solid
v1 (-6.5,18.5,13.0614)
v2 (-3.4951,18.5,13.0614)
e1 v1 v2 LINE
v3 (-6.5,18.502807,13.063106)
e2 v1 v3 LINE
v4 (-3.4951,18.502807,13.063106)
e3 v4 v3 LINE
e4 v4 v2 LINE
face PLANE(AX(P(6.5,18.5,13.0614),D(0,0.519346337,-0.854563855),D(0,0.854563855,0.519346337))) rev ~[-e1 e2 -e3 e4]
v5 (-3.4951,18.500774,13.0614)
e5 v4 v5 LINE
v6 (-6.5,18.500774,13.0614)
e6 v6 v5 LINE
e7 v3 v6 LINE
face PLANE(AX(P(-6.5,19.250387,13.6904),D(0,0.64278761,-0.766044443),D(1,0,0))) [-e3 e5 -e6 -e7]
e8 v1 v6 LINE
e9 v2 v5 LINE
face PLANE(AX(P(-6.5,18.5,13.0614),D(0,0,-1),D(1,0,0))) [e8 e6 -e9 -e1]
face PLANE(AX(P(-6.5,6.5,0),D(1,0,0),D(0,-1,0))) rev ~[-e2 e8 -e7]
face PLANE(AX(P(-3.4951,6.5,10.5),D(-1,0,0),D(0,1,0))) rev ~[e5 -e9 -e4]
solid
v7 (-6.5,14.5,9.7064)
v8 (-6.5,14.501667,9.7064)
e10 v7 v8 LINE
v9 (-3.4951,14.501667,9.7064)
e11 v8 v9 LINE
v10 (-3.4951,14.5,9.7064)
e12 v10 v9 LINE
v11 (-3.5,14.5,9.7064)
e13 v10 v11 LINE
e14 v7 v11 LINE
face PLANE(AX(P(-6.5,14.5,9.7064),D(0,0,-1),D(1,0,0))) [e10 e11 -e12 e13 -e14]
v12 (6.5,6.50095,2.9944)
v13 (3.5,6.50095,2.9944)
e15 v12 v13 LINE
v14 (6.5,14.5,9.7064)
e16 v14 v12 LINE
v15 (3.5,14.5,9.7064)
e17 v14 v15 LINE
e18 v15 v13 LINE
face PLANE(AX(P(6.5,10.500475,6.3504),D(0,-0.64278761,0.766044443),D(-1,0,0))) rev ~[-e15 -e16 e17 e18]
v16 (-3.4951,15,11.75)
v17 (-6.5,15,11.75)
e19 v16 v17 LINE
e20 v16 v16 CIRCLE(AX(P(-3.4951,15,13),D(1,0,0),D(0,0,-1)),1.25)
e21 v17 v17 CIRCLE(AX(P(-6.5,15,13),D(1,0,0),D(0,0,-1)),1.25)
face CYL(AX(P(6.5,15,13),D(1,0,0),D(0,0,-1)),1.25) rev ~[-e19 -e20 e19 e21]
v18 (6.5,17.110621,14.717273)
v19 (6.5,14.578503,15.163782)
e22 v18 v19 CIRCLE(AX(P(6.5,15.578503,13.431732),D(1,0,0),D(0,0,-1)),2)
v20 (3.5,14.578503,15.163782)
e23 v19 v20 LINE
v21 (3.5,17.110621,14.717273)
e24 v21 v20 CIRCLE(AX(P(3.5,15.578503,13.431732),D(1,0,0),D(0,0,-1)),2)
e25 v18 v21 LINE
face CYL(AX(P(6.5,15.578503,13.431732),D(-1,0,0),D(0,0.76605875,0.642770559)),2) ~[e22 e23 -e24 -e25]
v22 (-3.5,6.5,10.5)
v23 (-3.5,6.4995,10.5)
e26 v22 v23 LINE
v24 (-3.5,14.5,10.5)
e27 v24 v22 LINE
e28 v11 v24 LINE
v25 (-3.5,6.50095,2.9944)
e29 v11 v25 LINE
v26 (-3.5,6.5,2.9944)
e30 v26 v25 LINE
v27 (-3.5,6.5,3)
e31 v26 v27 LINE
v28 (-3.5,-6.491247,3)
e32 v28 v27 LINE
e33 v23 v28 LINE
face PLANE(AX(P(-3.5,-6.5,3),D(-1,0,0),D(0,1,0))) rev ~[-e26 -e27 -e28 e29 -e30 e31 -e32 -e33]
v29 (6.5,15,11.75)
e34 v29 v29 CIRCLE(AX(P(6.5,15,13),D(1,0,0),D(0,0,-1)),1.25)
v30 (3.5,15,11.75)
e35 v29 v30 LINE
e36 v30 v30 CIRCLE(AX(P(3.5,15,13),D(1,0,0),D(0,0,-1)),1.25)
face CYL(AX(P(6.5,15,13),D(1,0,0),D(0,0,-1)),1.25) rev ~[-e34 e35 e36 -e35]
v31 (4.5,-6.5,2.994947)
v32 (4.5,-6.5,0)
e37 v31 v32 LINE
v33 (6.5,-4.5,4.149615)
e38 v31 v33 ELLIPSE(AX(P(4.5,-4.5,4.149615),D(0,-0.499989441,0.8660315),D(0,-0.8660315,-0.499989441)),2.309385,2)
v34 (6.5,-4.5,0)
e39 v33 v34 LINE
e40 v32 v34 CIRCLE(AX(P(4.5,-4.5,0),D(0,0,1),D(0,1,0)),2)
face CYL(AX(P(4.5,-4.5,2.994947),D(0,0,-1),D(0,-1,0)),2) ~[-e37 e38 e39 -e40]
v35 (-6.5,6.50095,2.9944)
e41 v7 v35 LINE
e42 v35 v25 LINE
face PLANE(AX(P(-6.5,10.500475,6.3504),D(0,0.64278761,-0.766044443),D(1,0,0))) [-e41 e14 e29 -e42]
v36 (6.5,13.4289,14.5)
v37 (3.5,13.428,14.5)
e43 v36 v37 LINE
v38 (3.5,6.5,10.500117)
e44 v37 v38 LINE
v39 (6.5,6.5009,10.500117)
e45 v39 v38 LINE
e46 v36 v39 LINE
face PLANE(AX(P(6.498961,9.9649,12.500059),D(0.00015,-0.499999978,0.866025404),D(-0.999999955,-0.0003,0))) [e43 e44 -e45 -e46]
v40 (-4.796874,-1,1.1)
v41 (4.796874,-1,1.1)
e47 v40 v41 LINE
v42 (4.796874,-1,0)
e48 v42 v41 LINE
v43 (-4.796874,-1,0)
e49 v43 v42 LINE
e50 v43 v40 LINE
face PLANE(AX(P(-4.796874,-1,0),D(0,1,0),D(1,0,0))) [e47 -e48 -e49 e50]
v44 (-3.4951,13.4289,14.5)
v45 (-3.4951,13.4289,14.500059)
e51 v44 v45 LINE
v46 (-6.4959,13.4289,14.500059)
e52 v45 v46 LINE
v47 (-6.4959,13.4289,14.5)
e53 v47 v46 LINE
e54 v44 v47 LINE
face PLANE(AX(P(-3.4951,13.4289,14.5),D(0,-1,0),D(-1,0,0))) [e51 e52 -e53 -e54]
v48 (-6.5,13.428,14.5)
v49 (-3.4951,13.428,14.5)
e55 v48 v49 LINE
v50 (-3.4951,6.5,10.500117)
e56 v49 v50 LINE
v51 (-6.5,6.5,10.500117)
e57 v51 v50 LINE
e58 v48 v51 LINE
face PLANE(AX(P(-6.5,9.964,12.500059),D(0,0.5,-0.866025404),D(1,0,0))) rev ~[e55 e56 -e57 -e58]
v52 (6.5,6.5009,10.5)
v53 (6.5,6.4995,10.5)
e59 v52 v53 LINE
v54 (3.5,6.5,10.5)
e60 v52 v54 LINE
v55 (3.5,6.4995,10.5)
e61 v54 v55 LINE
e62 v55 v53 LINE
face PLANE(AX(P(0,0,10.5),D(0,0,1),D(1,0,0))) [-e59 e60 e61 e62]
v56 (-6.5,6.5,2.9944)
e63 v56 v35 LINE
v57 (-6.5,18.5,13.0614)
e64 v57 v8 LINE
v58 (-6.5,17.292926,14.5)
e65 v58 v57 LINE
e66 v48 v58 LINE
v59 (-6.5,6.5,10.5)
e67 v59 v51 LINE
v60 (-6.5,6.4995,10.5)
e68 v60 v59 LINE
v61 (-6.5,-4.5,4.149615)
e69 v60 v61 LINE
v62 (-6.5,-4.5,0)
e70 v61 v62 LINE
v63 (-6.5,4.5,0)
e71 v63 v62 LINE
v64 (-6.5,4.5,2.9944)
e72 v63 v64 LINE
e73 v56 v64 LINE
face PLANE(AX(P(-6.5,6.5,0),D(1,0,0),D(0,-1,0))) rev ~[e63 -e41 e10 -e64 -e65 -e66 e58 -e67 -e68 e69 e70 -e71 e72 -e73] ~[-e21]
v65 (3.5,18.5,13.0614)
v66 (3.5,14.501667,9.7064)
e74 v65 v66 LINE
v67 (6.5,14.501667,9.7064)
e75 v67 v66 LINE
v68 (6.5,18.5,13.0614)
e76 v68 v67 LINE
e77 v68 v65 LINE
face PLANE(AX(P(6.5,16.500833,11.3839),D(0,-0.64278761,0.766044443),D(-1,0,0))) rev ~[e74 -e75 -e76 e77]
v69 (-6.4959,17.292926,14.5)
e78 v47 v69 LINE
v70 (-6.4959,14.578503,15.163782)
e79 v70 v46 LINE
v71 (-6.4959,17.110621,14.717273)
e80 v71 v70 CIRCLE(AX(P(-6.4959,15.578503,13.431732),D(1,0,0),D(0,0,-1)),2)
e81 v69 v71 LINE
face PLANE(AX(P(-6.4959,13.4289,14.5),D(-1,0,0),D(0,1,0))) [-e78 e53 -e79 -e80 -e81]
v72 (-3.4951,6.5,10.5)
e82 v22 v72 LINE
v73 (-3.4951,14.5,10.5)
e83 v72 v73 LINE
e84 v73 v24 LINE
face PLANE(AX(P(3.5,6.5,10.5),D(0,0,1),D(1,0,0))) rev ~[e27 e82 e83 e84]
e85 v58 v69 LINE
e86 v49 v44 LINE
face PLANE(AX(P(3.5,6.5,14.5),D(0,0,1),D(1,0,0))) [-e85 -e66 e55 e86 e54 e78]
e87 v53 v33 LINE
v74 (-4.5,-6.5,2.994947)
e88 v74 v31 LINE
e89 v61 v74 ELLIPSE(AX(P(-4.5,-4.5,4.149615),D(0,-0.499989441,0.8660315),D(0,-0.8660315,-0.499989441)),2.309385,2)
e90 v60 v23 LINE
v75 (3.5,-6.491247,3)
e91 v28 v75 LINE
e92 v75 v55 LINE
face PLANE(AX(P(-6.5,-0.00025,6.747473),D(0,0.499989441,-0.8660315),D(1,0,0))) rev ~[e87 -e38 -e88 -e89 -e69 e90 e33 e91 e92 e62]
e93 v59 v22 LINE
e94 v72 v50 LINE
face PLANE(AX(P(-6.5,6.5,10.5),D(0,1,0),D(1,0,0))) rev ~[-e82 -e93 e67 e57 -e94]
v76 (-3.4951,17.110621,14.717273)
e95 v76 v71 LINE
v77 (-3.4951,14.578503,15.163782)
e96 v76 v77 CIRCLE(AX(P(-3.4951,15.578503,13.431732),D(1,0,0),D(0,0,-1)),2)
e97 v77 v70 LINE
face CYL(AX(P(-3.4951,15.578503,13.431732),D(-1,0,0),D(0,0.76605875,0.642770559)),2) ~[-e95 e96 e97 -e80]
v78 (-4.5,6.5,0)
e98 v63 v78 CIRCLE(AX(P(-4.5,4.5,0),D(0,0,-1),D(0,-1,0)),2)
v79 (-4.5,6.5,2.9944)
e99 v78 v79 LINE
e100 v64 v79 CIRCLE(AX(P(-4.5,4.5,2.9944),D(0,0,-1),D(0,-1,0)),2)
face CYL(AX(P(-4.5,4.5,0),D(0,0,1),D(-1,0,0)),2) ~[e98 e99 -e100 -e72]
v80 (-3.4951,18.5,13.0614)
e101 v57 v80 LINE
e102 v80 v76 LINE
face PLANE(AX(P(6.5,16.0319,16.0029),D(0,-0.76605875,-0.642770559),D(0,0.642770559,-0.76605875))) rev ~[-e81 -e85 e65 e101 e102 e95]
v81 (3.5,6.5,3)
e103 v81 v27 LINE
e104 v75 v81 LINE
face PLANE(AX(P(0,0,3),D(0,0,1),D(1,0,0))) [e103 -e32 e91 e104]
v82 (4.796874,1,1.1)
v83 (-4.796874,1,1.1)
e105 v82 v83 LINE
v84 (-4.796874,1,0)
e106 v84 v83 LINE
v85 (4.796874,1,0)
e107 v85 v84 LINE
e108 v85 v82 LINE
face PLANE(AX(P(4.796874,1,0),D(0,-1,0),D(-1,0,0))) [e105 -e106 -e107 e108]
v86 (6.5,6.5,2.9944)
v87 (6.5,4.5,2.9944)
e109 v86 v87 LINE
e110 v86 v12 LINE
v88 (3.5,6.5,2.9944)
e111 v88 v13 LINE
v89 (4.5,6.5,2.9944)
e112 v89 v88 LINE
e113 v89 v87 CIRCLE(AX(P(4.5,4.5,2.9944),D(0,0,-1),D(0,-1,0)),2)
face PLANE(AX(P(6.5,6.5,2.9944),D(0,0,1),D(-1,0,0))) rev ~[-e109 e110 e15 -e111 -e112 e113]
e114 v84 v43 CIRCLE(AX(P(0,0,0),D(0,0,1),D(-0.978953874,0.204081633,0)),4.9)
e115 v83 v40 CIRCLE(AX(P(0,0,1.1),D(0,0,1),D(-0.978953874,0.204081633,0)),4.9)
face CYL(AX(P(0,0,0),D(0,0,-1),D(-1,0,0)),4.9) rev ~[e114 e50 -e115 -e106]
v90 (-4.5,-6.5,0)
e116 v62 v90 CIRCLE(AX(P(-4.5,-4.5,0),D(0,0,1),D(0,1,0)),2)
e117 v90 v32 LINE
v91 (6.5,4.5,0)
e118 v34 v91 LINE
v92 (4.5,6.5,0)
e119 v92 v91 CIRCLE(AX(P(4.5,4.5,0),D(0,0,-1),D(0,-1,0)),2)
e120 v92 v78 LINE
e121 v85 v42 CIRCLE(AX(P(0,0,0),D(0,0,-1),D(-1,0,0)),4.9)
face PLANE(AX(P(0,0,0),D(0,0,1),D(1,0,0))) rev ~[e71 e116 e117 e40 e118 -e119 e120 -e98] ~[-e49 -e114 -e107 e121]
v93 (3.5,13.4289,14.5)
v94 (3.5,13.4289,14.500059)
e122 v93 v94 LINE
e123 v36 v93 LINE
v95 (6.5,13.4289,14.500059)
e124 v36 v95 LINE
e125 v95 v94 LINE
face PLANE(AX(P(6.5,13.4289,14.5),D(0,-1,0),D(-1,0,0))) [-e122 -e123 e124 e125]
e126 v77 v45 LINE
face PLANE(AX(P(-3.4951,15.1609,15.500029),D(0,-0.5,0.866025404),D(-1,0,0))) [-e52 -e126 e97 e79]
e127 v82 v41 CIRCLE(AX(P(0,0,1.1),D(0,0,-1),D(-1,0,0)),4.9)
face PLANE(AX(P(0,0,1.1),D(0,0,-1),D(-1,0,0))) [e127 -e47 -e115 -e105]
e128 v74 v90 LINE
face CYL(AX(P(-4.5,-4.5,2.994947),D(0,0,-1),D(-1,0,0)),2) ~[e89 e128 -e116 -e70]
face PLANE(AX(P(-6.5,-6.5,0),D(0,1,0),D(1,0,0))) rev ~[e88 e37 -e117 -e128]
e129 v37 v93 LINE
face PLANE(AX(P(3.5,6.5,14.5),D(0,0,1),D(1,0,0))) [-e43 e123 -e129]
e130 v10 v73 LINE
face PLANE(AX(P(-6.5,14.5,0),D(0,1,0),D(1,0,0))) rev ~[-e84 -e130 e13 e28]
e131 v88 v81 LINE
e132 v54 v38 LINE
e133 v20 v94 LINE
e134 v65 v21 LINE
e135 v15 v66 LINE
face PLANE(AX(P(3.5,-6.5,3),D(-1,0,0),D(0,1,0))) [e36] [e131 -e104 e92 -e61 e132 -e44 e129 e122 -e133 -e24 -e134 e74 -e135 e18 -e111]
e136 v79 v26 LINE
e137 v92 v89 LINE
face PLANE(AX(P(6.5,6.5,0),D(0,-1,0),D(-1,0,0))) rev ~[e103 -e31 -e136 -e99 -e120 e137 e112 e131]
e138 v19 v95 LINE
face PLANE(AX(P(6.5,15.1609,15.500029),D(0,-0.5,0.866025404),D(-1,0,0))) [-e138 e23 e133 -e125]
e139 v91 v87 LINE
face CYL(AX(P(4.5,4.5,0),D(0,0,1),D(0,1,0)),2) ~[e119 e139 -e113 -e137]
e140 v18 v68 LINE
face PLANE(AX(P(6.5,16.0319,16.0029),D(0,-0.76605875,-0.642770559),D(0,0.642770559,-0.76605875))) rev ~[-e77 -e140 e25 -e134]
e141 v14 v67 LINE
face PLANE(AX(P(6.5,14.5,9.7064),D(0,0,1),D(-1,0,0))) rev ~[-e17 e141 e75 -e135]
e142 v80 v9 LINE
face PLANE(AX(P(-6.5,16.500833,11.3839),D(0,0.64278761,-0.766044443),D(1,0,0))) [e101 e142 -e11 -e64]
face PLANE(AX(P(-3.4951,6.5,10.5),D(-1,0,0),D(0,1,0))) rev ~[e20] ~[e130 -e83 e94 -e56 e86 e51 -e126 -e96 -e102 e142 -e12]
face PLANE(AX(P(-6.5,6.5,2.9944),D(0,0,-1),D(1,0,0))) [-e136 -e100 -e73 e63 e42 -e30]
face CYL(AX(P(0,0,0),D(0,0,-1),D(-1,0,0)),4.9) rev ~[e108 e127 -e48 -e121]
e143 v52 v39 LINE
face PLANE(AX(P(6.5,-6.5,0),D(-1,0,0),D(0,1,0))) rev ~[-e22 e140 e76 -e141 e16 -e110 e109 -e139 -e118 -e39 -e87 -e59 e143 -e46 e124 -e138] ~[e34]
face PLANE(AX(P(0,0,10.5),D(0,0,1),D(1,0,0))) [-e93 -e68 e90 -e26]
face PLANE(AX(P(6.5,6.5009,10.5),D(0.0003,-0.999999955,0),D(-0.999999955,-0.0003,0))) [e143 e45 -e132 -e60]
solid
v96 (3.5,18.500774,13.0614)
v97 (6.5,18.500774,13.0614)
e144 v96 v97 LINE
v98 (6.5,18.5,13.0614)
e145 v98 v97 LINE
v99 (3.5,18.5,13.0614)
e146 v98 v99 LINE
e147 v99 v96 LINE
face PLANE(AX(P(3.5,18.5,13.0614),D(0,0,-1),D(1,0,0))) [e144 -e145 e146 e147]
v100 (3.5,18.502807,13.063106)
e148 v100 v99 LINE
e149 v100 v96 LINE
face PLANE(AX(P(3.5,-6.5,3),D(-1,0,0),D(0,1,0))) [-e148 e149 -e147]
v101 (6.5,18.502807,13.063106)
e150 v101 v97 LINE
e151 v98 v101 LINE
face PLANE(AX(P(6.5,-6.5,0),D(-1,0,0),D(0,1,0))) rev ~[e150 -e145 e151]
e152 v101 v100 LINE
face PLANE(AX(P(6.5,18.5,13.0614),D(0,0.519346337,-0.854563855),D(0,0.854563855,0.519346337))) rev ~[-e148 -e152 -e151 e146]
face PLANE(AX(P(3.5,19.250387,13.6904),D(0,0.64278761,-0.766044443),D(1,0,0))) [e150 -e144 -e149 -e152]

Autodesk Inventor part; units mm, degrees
ref_plane "YZ Plane" through (0, 0, 0) normal (1, 0, 0) x (0, 1, 0)
ref_plane "XZ Plane" through (0, 0, 0) normal (0, 1, 0) x (-1, 0, 0)
ref_plane "XY Plane" through (0, 0, 0) normal (0, 0, 1) x (1, 0, 0)
sketch "Sketch1" plane through (0, 0, 0) normal (0, 0, 1) x (1, 0, 0)
  line L0 (6.5, 6.5) -> (-6.5, 6.5)
  line L1 (-6.5, 6.5) -> (-6.5, -6.5)
  line L2 (-6.5, -6.5) -> (6.5, -6.5)
  line L3 (6.5, -6.5) -> (6.5, 6.5)
  line L4 (6.5, 6.5) -> (-6.5, -6.5) construction
  line L5 (-6.5, 6.5) -> (6.5, -6.5) construction
  point P0 (0, 0)
  point P1 (0, 0)
  dimension "d35" = 13
  dimension "d36" = 13
extrude "Extrusion1" add sketch "Sketch1" along normal blind 3
sketch "Sketch2" plane through (0, 0, 0) normal (0, 0, -1) x (-1, 0, 0)
  line L0 (-6.5, 1) -> (6.5, 1)
  line L1 (6.5, 1) -> (6.5, -1)
  line L2 (6.5, -1) -> (-6.5, -1)
  line L3 (-6.5, -1) -> (-6.5, 1)
  line L4 (-6.5, 1) -> (6.5, -1) construction
  line L5 (6.5, 1) -> (-6.5, -1) construction
  circle A0 centre (0, 0) radius 4.9
  point P0 (4.7969, 1)
  point P1 (-4.7969, 1)
  point P2 (-4.7969, -1)
  point P3 (4.7969, -1)
  dimension "d3" = 2
  dimension "d4" = 13
  dimension "d57" = 9.8
extrude "Extrusion2" cut sketch "Sketch2" against normal blind 1.1 contours L0 A0 L2
sketch "Sketch6" plane through (0, 0, 3) normal (0, 0, 1) x (1, 0, 0)
  line L0 (3.5, 6.5) -> (6.5, 6.5)
  line L1 (6.5, 6.5) -> (6.5, -6.5)
  line L2 (6.5, -6.5) -> (3.5, -6.5)
  line L3 (3.5, -6.5) -> (3.5, 6.5)
  line L4 (3.5, 6.5) -> (6.5, -6.5) construction
  line L5 (6.5, 6.5) -> (3.5, -6.5) construction
  line L6 (-3.5, 6.5) -> (-6.5, 6.5)
  line L7 (-6.5, 6.5) -> (-6.5, -6.5)
  line L8 (-6.5, -6.5) -> (-3.5, -6.5)
  line L9 (-3.5, -6.5) -> (-3.5, 6.5)
  line L10 (-3.5, 6.5) -> (-6.5, -6.5) construction
  line L11 (-6.5, 6.5) -> (-3.5, -6.5) construction
  line L12 (10.9648, 0) -> (-10.9648, 0) construction
  point P0 (0, 0)
  point P1 (5, 0)
  point P2 (-5, 0)
  point P3 (0, 0)
  dimension "d29" = 5
  dimension "d30" = 5
  dimension "d31" = 3
  dimension "d32" = 3
  dimension "d33" = 13
  dimension "d34" = 13
extrude "Extrusion6" add sketch "Sketch6" along normal blind 7.5
chamfer "Chamfer5" distance 13 angle 30 1 edges at (-5, -6.5, 10.5) measured on face at (-4.5, -2.1667, 10.5)
sketch "Sketch10" plane through (-6.5, 6.5, 0) normal (0, 1, 0) x (1, 0, 0)
  line L0 (3, -10.5) -> (0, -10.5) projected
  line L1 (0, -10.5) -> (0, -2.9944) projected
  line L2 (3, -10.5) -> (0, -10.5)
  line L3 (0, -10.5) -> (0, -2.9944)
  line L4 (0, -2.9944) -> (3, -2.9944)
  line L5 (3, -2.9944) -> (3, -10.5)
  line L6 (10, -10.5) -> (10, -3) projected
  line L7 (13, 0) -> (13, -2.9944) projected
  line L8 (10, -10.5) -> (13, -10.5)
  line L9 (13, -10.5) -> (13, -2.9944)
  line L10 (13, -2.9944) -> (10, -2.9944)
  line L11 (10, -2.9944) -> (10, -10.5)
  point P0 (6.5, 0)
extrude "Extrusion10" add sketch "Sketch10" along normal blind 8
chamfer "Chamfer6" distance 6.712 angle 50 1 edges at (-5, 14.5, 2.9944) measured on face at (-5.5, 14.5, 7.9981)
chamfer "Chamfer7" distance 6.712 angle 50 1 edges at (5, 14.5, 2.9944) measured on face at (5.5, 14.5, 5.4981)
sketch "Sketch16" plane through (3.5, 6.5, 10.5) normal (0, 0, 1) x (1, 0, 0)
  line L0 (3, 8) -> (3, 0.0009) projected
  line L1 (0, 0) -> (0, 8) projected
  line L2 (3, 0.0009) -> (0, 0.0009)
  line L3 (0, 0.0009) -> (0, 8)
  line L4 (0, 8) -> (3, 8)
  line L5 (3, 8) -> (3, 0.0009)
  line L6 (-10, 0) -> (-10, -13) projected
  line L7 (-6.9951, 8) -> (-10, 8)
  line L8 (-10, 8) -> (-10, 0)
  line L9 (-10, 0) -> (-6.9951, 0)
  line L10 (-6.9951, 0) -> (-6.9951, 8)
  point P0 (-3.5, -6.5)
  point P1 (0, 0.0009)
extrude "Extrusion14" add sketch "Sketch16" along normal blind 4
chamfer "Chamfer11" distance 6.928 angle 30 1 edges at (5, 6.5009, 14.5) measured on face at (4.5, 11.8336, 14.5)
chamfer "Chamfer12" distance 6.928 angle 30 1 edges at (-4.9975, 6.5, 14.5) measured on face at (-4.4967, 9.1667, 14.5)
sketch "Sketch17" plane through (-6.5, 14.5, 0) normal (0, 1, 0) x (1, 0, 0)
  line L0 (0, -9.7064) -> (3, -9.7064) projected
  line L1 (3.0049, -14.5) -> (0, -14.5) projected
  line L2 (0, -9.7064) -> (3.0049, -9.7064)
  line L3 (3.0049, -9.7064) -> (3.0049, -14.5)
  line L4 (3.0049, -14.5) -> (0, -14.5)
  line L5 (0, -14.5) -> (0, -9.7064)
  line L6 (10, -14.5) -> (10, -10.5001) projected
  line L7 (13, -9.7064) -> (13, -2.9944) projected
  line L8 (10, -14.5) -> (13, -14.5)
  line L9 (13, -14.5) -> (13, -9.7064)
  line L10 (13, -9.7064) -> (10, -9.7064)
  line L11 (10, -9.7064) -> (10, -14.5)
  point P0 (6.5, 0)
extrude "Extrusion15" add sketch "Sketch17" along normal blind 4
chamfer "Chamfer13" distance 3.355 angle 50 1 edges at (5, 18.5, 9.7064) measured on face at (4.5, 18.5, 11.3043)
chamfer "Chamfer14" distance 3.355 angle 50 1 edges at (-4.9975, 18.5, 9.7064) measured on face at (-5.4984, 18.5, 11.3043)
sketch "Sketch18" plane through (-6.5, 18.5, 0) normal (0, 1, 0) x (1, 0, 0)
  line L0 (0, -14.5) -> (0, -10.5001) projected
  line L1 (0, -13.0614) -> (3.0049, -13.0614) projected
  line L2 (0, -14.5) -> (3.0049, -14.5)
  line L3 (3.0049, -14.5) -> (3.0049, -13.0614)
  line L4 (3.0049, -13.0614) -> (0, -13.0614)
  line L5 (0, -13.0614) -> (0, -14.5)
  line L6 (13, -10.5001) -> (13, -14.5) projected
  line L7 (10, -14.5) -> (10, -10.5001) projected
  line L8 (13, -14.5) -> (10, -14.5)
  line L9 (10, -14.5) -> (10, -13.0614)
  line L10 (10, -13.0614) -> (13, -13.0614)
  line L11 (13, -13.0614) -> (13, -14.5)
  point P0 (6.5, 0)
extrude "Extrusion16" add sketch "Sketch18" along normal blind 1.5
chamfer "Chamfer15" distance 1.258 angle 50 1 edges at (5, 20, 13.0614) measured on face at (4.5, 20, 14.0205)
chamfer "Chamfer16" distance 1.258 angle 50 1 edges at (-4.9975, 20, 13.0614) measured on face at (-5.4984, 20, 13.541)
sketch "Sketch19" plane through (6.5, -6.5, 0) normal (1, 0, 0) x (0, 0, -1)
  circle A0 centre (-13, 21.5) radius 1.25
  line L0 (0, 0) -> (0, 13) projected
  point P0 (0, 6.5)
  point P1 (0, 6.5)
  point P2 (0, 6.5)
  dimension "d114" = 2.5
  dimension "d115" = 15
  dimension "d116" = 13
extrude "Extrusion17" cut sketch "Sketch19" against normal blind 13
sketch "Sketch20" plane through (3.5, 6.5, 14.5) normal (0, 0, 1) x (1, 0, 0)
  line L0 (3, 0.0009) -> (3, 6.9289) projected
  line L1 (3, 6.9289) -> (0, 6.9289)
  line L2 (0, 6.9289) -> (0, 13.5)
  line L3 (0, 13.5) -> (3, 13.5)
  line L4 (3, 13.5) -> (3, 6.9289)
  line L5 (-6.9951, 0) -> (-6.9951, 8) projected
  line L6 (-6.9951, 6.9289) -> (-9.9959, 6.9289)
  line L7 (-9.9959, 6.9289) -> (-9.9959, 13.5)
  line L8 (-9.9959, 13.5) -> (-6.9951, 13.5)
  line L9 (-6.9951, 13.5) -> (-6.9951, 6.9289)
  point P0 (-3.5, -6.5)
extrude "Extrusion18" add sketch "Sketch20" along normal blind 2
chamfer "Chamfer17" distance 3.464 angle 30 1 edges at (5, 13.4289, 16.5) measured on face at (4.5, 17.8096, 16.5)
chamfer "Chamfer18" distance 3.464 angle 30 1 edges at (-4.9955, 13.4289, 16.5) measured on face at (-5.4956, 17.8096, 16.5)
sketch "Sketch21" plane through (6.5, -6.5, 0) normal (1, 0, 0) x (0, 0, -1)
  line L0 (-14.5001, 19.9289) -> (-16.5, 23.3929) projected
  line L1 (-13.0614, 25) -> (-9.7064, 21.0017) projected
  line L2 (-16.0029, 22.5319) -> (-13.0614, 25)
  line L3 (-13.0614, 25) -> (-15.218, 28.5486)
  line L4 (-15.218, 28.5486) -> (-18.5529, 25)
  line L5 (-18.5529, 25) -> (-17.0876, 20.6155)
  line L6 (-17.0876, 20.6155) -> (-16.0029, 22.5319)
  point P0 (0, 6.5)
extrude "Extrusion19" cut sketch "Sketch21" against normal blind 13
fillet "Fillet4" radius 2 2 edges at (5, 16.0319, 16.0029) (-4.9955, 16.0319, 16.0029)
fillet "Fillet5" radius 2 4 edges at (-6.5, -6.5, 1.4975) (-6.5, 6.5, 1.4972) (6.5, 6.5, 1.4972) (6.5, -6.5, 1.4975)
properties part number "PodstawkaKola Próba 1"
